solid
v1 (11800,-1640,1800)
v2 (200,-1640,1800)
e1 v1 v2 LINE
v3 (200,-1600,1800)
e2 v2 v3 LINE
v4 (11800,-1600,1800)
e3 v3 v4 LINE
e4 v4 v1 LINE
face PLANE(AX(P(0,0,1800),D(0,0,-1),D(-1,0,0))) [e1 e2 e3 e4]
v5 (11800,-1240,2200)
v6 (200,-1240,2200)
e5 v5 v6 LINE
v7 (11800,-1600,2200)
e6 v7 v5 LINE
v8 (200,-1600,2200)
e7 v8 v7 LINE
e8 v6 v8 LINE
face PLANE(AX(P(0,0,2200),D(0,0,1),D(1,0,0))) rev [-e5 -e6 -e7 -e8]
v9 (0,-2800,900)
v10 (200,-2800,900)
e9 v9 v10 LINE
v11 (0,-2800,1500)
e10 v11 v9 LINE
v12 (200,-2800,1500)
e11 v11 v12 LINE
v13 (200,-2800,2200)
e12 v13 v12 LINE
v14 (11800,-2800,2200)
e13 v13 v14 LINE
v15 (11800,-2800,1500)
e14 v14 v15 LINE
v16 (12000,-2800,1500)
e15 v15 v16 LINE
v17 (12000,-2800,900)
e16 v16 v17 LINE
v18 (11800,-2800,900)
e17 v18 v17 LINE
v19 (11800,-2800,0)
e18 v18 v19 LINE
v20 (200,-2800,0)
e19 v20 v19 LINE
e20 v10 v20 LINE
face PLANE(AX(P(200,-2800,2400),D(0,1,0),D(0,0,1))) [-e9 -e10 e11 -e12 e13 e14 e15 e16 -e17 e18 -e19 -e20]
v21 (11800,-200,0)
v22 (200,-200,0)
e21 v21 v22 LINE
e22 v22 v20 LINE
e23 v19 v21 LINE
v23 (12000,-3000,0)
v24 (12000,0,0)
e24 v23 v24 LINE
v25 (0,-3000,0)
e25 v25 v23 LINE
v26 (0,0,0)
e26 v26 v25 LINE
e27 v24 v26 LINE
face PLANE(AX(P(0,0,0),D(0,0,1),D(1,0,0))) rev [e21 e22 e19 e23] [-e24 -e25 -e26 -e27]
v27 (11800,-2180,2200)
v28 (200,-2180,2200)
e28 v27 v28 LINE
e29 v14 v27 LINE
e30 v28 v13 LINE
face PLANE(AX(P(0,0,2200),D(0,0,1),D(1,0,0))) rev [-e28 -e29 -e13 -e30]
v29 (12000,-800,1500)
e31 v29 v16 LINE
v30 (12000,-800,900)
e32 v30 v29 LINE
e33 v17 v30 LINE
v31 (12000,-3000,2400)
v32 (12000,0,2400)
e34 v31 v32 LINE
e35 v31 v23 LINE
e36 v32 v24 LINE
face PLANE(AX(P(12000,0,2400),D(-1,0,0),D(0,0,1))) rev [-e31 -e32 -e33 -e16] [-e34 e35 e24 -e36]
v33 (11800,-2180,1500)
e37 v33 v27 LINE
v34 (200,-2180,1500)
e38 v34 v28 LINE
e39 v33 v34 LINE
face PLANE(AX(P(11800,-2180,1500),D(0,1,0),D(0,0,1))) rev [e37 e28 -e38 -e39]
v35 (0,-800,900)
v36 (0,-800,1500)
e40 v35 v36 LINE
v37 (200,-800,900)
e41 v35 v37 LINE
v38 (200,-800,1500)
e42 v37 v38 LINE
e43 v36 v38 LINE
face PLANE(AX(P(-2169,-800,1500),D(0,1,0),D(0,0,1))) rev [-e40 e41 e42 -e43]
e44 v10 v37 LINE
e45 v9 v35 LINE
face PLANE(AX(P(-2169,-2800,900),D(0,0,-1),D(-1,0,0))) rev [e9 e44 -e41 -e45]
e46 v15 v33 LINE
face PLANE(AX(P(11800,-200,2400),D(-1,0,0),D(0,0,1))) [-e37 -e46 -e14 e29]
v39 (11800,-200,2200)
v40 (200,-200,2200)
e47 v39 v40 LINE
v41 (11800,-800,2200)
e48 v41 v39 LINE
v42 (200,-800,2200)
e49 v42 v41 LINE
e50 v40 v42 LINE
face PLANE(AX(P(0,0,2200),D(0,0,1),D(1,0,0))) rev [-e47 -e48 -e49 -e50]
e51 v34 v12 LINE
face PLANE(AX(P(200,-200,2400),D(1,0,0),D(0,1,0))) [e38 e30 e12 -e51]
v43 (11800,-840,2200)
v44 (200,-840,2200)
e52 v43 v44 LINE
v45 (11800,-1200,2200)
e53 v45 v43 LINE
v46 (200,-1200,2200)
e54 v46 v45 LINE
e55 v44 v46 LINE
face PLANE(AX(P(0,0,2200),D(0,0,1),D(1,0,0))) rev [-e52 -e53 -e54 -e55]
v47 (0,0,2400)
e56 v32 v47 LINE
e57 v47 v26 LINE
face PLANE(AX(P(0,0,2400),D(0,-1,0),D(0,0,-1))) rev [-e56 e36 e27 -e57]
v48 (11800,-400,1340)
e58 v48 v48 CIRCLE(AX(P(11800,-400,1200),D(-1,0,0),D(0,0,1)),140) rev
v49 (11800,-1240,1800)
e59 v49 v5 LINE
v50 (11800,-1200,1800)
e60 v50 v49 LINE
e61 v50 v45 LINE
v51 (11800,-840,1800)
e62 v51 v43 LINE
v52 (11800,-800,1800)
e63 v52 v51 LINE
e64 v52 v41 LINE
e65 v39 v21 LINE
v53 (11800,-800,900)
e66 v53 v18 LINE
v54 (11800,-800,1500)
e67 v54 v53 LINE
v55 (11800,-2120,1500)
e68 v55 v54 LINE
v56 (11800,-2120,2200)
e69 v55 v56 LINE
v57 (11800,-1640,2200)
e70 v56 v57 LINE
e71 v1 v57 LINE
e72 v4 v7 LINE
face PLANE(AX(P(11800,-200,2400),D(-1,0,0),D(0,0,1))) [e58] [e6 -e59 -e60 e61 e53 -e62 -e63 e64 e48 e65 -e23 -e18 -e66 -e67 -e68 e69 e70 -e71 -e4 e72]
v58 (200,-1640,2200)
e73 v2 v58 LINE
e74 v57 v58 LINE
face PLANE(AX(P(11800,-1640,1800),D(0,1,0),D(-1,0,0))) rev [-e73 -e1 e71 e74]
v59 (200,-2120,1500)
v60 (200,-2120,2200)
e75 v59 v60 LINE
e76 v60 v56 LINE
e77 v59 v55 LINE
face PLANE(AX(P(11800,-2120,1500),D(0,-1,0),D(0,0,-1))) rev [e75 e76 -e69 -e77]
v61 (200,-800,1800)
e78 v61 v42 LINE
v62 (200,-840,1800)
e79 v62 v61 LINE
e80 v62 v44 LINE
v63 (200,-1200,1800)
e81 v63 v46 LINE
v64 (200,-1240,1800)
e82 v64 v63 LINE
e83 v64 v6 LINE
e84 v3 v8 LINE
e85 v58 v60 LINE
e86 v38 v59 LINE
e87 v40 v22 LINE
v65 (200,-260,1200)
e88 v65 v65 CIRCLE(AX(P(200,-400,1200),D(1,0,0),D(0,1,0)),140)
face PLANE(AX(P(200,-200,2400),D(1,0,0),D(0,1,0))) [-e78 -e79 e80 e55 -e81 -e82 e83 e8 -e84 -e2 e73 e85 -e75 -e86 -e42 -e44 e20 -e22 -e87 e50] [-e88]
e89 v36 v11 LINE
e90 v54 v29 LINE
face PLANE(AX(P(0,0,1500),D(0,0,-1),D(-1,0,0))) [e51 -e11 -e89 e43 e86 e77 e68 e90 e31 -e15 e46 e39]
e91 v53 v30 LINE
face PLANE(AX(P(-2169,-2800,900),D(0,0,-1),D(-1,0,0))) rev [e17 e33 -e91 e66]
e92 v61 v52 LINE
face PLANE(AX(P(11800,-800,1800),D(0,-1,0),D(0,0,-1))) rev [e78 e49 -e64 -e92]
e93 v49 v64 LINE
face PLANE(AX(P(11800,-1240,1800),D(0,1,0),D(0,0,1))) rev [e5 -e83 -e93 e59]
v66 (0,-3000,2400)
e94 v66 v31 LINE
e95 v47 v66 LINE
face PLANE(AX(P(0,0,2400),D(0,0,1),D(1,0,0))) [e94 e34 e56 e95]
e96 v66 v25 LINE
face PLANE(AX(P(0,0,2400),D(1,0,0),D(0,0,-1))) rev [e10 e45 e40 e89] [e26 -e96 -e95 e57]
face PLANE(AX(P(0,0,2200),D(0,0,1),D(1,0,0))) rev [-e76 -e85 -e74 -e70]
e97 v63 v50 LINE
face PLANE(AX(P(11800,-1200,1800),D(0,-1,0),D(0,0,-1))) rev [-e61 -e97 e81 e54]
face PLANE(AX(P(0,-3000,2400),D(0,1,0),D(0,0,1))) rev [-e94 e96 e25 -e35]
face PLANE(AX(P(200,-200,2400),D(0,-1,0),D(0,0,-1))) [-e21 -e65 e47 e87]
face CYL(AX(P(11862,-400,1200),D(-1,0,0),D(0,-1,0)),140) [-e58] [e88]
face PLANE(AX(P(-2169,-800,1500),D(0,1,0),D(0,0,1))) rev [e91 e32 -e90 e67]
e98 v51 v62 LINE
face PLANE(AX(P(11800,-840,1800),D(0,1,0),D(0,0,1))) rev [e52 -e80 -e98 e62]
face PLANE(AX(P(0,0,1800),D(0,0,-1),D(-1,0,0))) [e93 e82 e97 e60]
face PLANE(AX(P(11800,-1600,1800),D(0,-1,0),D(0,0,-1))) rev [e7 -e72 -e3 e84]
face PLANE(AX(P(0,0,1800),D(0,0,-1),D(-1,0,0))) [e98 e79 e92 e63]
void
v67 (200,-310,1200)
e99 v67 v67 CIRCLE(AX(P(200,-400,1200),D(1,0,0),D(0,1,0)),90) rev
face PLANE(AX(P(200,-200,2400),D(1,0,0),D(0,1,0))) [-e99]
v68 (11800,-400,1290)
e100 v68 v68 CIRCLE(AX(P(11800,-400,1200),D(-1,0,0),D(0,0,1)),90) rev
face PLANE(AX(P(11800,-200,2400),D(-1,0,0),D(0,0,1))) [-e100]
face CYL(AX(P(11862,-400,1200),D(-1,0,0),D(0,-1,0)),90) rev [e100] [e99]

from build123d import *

# Parameters (mm, degrees)
SKETCH1_W           = 12000
SKETCH1_H           = 3000
SKETCH1_W_2         = 11600
SKETCH1_H_2         = 2600
BOSS_EXTRUDE1_DEPTH = 2400
SKETCH2_W           = 12000
SKETCH2_H           = 3000
BOSS_EXTRUDE2_DEPTH = 200
SKETCH3_W           = 11600
SKETCH3_H           = 60
BOSS_EXTRUDE3_DEPTH = 700
SKETCH4_W           = 11600
SKETCH4_H           = 40
BOSS_EXTRUDE4_DEPTH = 400
SKETCH5_W           = 600
SKETCH5_H           = 2000
CUT_EXTRUDE1_DEPTH  = 14169
SKETCH6_R           = 140
SKETCH6_R_2         = 90
BOSS_EXTRUDE5_DEPTH = 11662


with BuildPart() as part:
    # Sketch1 → Boss-Extrude1 (new body)
    with BuildSketch(Plane.XY):
        with Locations((6000, -1500)):
            Rectangle(SKETCH1_W, SKETCH1_H)
        with Locations((6000, -1500)):
            Rectangle(SKETCH1_W_2, SKETCH1_H_2, mode=Mode.SUBTRACT)
    extrude(amount=BOSS_EXTRUDE1_DEPTH)

    # Sketch2 → Boss-Extrude2 (add)
    with BuildSketch(Plane.XY.offset(2400)):
        with Locations((6000, -1500)):
            Rectangle(SKETCH2_W, SKETCH2_H)
    extrude(amount=-BOSS_EXTRUDE2_DEPTH)

    # Sketch3 → Boss-Extrude3 (add)
    with BuildSketch(Plane(origin=(0, 0, 2200), x_dir=(-1, 0, 0), z_dir=(0, 0, -1))):
        with Locations((-6000, -2150)):
            Rectangle(SKETCH3_W, SKETCH3_H)
    extrude(amount=BOSS_EXTRUDE3_DEPTH)

    # Sketch4 → Boss-Extrude4 (add)
    with BuildSketch(Plane(origin=(0, 0, 2200), x_dir=(-1, 0, 0), z_dir=(0, 0, -1))):
        with Locations((-6000, -1620)):
            Rectangle(SKETCH4_W, SKETCH4_H)
        with Locations((-6000, -1220)):
            Rectangle(SKETCH4_W, SKETCH4_H)
        with Locations((-6000, -820)):
            Rectangle(SKETCH4_W, SKETCH4_H)
    extrude(amount=BOSS_EXTRUDE4_DEPTH)

    # Sketch5 → Cut-Extrude1 (cut)
    with BuildSketch(Plane(origin=(12000, 0, 0), x_dir=(0, 0, -1), z_dir=(1, 0, 0))):
        with Locations((-1200, -1800)):
            Rectangle(SKETCH5_W, SKETCH5_H)
    extrude(amount=-CUT_EXTRUDE1_DEPTH, mode=Mode.SUBTRACT)

    # Sketch6 → Boss-Extrude5 (add)
    with BuildSketch(Plane(origin=(200, 0, 0), x_dir=(0, 0, -1), z_dir=(1, 0, 0))):
        with Locations((-1200, -400)):
            Circle(SKETCH6_R)
        with Locations((-1200, -400)):
            Circle(SKETCH6_R_2, mode=Mode.SUBTRACT)
    extrude(amount=BOSS_EXTRUDE5_DEPTH)


solid = part.part
